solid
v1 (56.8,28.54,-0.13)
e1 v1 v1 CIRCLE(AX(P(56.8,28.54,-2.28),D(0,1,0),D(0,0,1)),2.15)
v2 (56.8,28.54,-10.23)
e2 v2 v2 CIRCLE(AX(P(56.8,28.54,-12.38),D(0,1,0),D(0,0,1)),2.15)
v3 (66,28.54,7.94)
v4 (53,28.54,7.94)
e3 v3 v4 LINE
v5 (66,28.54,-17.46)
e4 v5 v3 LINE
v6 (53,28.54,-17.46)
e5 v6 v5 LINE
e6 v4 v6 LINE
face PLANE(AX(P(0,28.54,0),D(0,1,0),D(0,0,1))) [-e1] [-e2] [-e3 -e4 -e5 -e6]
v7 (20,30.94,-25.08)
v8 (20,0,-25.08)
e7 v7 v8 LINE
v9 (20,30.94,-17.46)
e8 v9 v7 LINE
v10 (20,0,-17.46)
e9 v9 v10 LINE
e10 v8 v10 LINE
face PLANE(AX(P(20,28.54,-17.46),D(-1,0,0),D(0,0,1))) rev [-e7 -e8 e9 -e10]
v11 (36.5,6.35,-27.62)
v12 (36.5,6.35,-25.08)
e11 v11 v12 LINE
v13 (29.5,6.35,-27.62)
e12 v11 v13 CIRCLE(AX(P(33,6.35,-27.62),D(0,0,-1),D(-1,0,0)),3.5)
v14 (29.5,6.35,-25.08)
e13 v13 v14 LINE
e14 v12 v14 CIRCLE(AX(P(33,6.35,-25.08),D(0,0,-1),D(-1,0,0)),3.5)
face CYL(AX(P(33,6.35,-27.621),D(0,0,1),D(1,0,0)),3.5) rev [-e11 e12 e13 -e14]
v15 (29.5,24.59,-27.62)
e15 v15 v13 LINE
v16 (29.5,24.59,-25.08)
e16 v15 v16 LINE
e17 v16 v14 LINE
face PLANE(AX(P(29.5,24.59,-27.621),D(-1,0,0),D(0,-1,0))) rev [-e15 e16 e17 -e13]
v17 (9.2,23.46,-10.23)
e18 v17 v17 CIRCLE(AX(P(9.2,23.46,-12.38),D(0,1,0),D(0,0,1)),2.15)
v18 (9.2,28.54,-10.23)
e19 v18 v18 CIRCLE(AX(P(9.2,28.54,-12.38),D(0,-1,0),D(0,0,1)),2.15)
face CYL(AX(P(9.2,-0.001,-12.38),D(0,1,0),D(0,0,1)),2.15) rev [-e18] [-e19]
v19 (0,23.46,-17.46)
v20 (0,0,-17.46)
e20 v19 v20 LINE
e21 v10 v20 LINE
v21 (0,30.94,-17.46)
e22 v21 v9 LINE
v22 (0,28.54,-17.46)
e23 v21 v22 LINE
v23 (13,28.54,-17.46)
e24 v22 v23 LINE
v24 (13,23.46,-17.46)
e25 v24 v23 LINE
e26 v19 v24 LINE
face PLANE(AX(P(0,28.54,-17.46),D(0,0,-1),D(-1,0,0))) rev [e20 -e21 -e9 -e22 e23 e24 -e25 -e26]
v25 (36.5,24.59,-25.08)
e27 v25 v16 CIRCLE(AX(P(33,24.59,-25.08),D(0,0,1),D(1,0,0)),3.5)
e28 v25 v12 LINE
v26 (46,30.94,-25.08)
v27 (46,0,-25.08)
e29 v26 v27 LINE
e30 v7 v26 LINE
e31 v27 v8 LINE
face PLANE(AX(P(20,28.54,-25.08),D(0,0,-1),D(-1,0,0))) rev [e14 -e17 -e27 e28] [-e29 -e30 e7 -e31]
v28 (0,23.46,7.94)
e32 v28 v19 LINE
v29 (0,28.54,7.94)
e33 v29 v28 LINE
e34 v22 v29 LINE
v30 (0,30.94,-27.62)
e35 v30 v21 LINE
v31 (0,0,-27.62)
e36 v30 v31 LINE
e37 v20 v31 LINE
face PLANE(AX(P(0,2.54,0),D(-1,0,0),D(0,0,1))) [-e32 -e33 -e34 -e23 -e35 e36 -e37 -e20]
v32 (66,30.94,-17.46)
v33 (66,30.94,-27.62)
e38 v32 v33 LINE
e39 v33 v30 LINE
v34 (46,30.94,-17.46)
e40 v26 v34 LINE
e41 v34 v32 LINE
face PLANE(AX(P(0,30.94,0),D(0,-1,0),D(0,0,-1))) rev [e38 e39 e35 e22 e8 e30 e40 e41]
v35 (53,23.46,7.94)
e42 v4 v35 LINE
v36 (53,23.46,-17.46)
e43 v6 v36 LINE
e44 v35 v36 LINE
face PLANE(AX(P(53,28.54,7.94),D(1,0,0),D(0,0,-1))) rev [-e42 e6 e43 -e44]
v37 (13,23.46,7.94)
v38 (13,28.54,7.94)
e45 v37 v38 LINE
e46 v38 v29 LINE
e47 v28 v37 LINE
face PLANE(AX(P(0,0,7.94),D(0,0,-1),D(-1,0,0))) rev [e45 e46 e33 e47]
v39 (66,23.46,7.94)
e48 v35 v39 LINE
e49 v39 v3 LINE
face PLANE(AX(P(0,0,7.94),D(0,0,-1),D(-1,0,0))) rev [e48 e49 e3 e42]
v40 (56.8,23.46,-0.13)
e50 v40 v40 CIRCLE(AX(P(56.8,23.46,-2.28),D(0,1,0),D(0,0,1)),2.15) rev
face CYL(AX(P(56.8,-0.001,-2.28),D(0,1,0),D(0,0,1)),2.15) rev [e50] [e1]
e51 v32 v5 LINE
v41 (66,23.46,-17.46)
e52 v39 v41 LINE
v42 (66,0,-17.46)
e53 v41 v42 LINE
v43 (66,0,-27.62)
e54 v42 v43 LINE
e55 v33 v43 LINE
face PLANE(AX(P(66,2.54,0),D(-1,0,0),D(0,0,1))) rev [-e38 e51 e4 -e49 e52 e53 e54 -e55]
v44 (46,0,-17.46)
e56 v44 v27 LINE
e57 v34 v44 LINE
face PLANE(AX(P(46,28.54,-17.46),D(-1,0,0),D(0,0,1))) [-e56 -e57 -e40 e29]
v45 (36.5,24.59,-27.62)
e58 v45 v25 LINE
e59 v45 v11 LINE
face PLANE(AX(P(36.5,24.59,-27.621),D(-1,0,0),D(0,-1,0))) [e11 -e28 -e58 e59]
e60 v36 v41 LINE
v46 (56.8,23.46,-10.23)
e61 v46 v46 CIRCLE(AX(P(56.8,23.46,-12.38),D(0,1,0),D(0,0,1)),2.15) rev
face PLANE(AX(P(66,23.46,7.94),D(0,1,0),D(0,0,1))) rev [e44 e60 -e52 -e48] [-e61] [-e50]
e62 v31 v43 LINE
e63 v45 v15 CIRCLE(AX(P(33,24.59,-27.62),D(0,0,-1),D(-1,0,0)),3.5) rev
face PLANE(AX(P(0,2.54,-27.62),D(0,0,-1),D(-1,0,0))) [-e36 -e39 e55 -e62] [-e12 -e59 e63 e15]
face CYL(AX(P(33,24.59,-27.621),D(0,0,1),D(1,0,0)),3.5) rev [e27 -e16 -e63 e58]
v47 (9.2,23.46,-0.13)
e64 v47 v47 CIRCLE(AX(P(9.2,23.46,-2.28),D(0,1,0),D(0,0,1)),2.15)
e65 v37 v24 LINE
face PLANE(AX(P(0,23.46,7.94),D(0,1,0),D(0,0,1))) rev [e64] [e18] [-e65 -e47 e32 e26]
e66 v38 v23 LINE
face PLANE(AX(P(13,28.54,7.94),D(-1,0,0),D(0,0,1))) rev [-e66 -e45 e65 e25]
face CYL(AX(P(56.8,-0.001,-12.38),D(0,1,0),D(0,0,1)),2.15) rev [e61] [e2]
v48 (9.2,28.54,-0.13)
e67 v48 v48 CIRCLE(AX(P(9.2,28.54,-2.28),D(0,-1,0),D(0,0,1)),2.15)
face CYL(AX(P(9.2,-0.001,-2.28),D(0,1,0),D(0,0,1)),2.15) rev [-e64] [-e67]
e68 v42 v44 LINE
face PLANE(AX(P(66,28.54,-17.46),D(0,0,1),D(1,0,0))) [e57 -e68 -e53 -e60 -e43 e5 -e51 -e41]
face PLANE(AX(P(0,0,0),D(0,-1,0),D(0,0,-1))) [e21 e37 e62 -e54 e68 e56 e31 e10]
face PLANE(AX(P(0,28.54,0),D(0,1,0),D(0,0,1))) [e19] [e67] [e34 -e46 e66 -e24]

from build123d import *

# Parameters (mm, degrees)
SKETCH1_W           = 66
SKETCH1_H           = 27.619999878
BOSS_EXTRUDE1_DEPTH = 2.54
BOSS_EXTRUDE2_DEPTH = 26
SKETCH3_W           = 13
SKETCH3_H           = 5.08
BOSS_EXTRUDE3_DEPTH = 25.4
CUT_EXTRUDE1_REACH  = 78.124
CUT_EXTRUDE3_REACH  = 79.029
SKETCH5_R           = 2.15
BOSS_EXTRUDE4_DEPTH = 2.4
CUT_EXTRUDE4_REACH  = 82.023


with BuildPart() as part:
    # Sketch1 → Boss-Extrude1 (new body)
    with BuildSketch(Plane(origin=(0, 0, 0), x_dir=(1, 0, 0), z_dir=(0, 1, 0))):
        with Locations((33, 13.809999939)):
            Rectangle(SKETCH1_W, SKETCH1_H)
    extrude(amount=BOSS_EXTRUDE1_DEPTH)

    # Sketch2 → Boss-Extrude2 (add)
    with BuildSketch(Plane(origin=(0, 2.54, 0), x_dir=(1, 0, 0), z_dir=(0, 1, 0))):
        Polygon((0, 27.619999878), (66, 27.619999878), (66, 17.459999878), (46, 17.459999878), (46, 25.079999878), (20, 25.079999878), (20, 17.459999878), (0, 17.459999878), align=None)
    extrude(amount=BOSS_EXTRUDE2_DEPTH)

    # Sketch3 → Boss-Extrude3 (add)
    with BuildSketch(Plane.XY.offset(-17.459999878)):
        with Locations((6.5, 26)):
            Rectangle(SKETCH3_W, SKETCH3_H)
        with Locations((59.5, 26)):
            Rectangle(SKETCH3_W, SKETCH3_H)
    extrude(amount=BOSS_EXTRUDE3_DEPTH)

    # Sketch4 → Cut-Extrude1 (cut, up to next)
    with BuildSketch(Plane(origin=(0, 2.54, 0), x_dir=(1, 0, 0), z_dir=(0, 1, 0)), mode=Mode.PRIVATE) as cut_extrude1_sk1:
        Polygon((46, 17.459999878), (66, 17.459999878), (66, 0), (0, 0), (0, 17.459999878), (20, 17.459999878), (20, 25.079999878), (46, 25.079999878), align=None)
    cut_extrude1_tool1 = extrude(cut_extrude1_sk1.sketch, amount=-CUT_EXTRUDE1_REACH, mode=Mode.PRIVATE) & part.part
    add(cut_extrude1_tool1.solids().sort_by_distance((33, 2.54, -10.569661))[0], mode=Mode.SUBTRACT)

    # Sketch5 → Cut-Extrude3 (cut, up to next)
    with BuildSketch(Plane(origin=(0, 28.54, 0), x_dir=(1, 0, 0), z_dir=(0, 1, 0)), mode=Mode.PRIVATE) as cut_extrude3_sk1:
        with Locations(Location((56.8, 12.379999878, 0), (0, 0, 270))):
            Circle(SKETCH5_R)
    cut_extrude3_tool1 = extrude(cut_extrude3_sk1.sketch, amount=-CUT_EXTRUDE3_REACH, mode=Mode.PRIVATE) & part.part
    # Sketch5 → Cut-Extrude3 (cut, up to next)
    with BuildSketch(Plane(origin=(0, 28.54, 0), x_dir=(1, 0, 0), z_dir=(0, 1, 0)), mode=Mode.PRIVATE) as cut_extrude3_sk2:
        with Locations(Location((56.8, 2.279999878, 0), (0, 0, 270))):
            Circle(SKETCH5_R)
    cut_extrude3_tool2 = extrude(cut_extrude3_sk2.sketch, amount=-CUT_EXTRUDE3_REACH, mode=Mode.PRIVATE) & part.part
    cut_extrude3_1 = cut_extrude3_tool1.solids().sort_by_distance((56.8, 28.54, -12.38))[0]
    add(cut_extrude3_1, mode=Mode.SUBTRACT)
    cut_extrude3_2 = cut_extrude3_tool2.solids().sort_by_distance((56.8, 28.54, -2.28))[0]
    add(cut_extrude3_2, mode=Mode.SUBTRACT)
    cut_extrude3 = cut_extrude3_1 + cut_extrude3_2  # Cut-Extrude3 as one shape, for the pattern or mirror that repeats it

    # Mirror1: Cut-Extrude3 across plane
    add(cut_extrude3.mirror(Plane.ZY.offset(-33)), mode=Mode.SUBTRACT)

    # Sketch6 → Boss-Extrude4 (add)
    with BuildSketch(Plane(origin=(0, 28.54, 0), x_dir=(1, 0, 0), z_dir=(0, 1, 0))):
        Polygon((0, 27.619999878), (66, 27.619999878), (66, 17.459999878), (46, 17.459999878), (46, 25.079999878), (20, 25.079999878), (20, 17.459999878), (0, 17.459999878), align=None)
    extrude(amount=BOSS_EXTRUDE4_DEPTH)

    # Sketch7 → Cut-Extrude4 (cut, up to next)
    with BuildSketch(Plane.XY.offset(-25.079999878), mode=Mode.PRIVATE) as cut_extrude4_sk1:
        with BuildLine():
            Line((36.5, 24.59), (36.5, 6.35))
            ThreePointArc((36.5, 6.35), (33, 2.85), (29.5, 6.35))
            Line((29.5, 6.35), (29.5, 24.59))
            ThreePointArc((29.5, 24.59), (33, 28.09), (36.5, 24.59))
        make_face()
    cut_extrude4_tool1 = extrude(cut_extrude4_sk1.sketch, amount=-CUT_EXTRUDE4_REACH, mode=Mode.PRIVATE) & part.part
    add(cut_extrude4_tool1.solids().sort_by_distance((33, 15.47, -25.08))[0], mode=Mode.SUBTRACT)


solid = part.part
